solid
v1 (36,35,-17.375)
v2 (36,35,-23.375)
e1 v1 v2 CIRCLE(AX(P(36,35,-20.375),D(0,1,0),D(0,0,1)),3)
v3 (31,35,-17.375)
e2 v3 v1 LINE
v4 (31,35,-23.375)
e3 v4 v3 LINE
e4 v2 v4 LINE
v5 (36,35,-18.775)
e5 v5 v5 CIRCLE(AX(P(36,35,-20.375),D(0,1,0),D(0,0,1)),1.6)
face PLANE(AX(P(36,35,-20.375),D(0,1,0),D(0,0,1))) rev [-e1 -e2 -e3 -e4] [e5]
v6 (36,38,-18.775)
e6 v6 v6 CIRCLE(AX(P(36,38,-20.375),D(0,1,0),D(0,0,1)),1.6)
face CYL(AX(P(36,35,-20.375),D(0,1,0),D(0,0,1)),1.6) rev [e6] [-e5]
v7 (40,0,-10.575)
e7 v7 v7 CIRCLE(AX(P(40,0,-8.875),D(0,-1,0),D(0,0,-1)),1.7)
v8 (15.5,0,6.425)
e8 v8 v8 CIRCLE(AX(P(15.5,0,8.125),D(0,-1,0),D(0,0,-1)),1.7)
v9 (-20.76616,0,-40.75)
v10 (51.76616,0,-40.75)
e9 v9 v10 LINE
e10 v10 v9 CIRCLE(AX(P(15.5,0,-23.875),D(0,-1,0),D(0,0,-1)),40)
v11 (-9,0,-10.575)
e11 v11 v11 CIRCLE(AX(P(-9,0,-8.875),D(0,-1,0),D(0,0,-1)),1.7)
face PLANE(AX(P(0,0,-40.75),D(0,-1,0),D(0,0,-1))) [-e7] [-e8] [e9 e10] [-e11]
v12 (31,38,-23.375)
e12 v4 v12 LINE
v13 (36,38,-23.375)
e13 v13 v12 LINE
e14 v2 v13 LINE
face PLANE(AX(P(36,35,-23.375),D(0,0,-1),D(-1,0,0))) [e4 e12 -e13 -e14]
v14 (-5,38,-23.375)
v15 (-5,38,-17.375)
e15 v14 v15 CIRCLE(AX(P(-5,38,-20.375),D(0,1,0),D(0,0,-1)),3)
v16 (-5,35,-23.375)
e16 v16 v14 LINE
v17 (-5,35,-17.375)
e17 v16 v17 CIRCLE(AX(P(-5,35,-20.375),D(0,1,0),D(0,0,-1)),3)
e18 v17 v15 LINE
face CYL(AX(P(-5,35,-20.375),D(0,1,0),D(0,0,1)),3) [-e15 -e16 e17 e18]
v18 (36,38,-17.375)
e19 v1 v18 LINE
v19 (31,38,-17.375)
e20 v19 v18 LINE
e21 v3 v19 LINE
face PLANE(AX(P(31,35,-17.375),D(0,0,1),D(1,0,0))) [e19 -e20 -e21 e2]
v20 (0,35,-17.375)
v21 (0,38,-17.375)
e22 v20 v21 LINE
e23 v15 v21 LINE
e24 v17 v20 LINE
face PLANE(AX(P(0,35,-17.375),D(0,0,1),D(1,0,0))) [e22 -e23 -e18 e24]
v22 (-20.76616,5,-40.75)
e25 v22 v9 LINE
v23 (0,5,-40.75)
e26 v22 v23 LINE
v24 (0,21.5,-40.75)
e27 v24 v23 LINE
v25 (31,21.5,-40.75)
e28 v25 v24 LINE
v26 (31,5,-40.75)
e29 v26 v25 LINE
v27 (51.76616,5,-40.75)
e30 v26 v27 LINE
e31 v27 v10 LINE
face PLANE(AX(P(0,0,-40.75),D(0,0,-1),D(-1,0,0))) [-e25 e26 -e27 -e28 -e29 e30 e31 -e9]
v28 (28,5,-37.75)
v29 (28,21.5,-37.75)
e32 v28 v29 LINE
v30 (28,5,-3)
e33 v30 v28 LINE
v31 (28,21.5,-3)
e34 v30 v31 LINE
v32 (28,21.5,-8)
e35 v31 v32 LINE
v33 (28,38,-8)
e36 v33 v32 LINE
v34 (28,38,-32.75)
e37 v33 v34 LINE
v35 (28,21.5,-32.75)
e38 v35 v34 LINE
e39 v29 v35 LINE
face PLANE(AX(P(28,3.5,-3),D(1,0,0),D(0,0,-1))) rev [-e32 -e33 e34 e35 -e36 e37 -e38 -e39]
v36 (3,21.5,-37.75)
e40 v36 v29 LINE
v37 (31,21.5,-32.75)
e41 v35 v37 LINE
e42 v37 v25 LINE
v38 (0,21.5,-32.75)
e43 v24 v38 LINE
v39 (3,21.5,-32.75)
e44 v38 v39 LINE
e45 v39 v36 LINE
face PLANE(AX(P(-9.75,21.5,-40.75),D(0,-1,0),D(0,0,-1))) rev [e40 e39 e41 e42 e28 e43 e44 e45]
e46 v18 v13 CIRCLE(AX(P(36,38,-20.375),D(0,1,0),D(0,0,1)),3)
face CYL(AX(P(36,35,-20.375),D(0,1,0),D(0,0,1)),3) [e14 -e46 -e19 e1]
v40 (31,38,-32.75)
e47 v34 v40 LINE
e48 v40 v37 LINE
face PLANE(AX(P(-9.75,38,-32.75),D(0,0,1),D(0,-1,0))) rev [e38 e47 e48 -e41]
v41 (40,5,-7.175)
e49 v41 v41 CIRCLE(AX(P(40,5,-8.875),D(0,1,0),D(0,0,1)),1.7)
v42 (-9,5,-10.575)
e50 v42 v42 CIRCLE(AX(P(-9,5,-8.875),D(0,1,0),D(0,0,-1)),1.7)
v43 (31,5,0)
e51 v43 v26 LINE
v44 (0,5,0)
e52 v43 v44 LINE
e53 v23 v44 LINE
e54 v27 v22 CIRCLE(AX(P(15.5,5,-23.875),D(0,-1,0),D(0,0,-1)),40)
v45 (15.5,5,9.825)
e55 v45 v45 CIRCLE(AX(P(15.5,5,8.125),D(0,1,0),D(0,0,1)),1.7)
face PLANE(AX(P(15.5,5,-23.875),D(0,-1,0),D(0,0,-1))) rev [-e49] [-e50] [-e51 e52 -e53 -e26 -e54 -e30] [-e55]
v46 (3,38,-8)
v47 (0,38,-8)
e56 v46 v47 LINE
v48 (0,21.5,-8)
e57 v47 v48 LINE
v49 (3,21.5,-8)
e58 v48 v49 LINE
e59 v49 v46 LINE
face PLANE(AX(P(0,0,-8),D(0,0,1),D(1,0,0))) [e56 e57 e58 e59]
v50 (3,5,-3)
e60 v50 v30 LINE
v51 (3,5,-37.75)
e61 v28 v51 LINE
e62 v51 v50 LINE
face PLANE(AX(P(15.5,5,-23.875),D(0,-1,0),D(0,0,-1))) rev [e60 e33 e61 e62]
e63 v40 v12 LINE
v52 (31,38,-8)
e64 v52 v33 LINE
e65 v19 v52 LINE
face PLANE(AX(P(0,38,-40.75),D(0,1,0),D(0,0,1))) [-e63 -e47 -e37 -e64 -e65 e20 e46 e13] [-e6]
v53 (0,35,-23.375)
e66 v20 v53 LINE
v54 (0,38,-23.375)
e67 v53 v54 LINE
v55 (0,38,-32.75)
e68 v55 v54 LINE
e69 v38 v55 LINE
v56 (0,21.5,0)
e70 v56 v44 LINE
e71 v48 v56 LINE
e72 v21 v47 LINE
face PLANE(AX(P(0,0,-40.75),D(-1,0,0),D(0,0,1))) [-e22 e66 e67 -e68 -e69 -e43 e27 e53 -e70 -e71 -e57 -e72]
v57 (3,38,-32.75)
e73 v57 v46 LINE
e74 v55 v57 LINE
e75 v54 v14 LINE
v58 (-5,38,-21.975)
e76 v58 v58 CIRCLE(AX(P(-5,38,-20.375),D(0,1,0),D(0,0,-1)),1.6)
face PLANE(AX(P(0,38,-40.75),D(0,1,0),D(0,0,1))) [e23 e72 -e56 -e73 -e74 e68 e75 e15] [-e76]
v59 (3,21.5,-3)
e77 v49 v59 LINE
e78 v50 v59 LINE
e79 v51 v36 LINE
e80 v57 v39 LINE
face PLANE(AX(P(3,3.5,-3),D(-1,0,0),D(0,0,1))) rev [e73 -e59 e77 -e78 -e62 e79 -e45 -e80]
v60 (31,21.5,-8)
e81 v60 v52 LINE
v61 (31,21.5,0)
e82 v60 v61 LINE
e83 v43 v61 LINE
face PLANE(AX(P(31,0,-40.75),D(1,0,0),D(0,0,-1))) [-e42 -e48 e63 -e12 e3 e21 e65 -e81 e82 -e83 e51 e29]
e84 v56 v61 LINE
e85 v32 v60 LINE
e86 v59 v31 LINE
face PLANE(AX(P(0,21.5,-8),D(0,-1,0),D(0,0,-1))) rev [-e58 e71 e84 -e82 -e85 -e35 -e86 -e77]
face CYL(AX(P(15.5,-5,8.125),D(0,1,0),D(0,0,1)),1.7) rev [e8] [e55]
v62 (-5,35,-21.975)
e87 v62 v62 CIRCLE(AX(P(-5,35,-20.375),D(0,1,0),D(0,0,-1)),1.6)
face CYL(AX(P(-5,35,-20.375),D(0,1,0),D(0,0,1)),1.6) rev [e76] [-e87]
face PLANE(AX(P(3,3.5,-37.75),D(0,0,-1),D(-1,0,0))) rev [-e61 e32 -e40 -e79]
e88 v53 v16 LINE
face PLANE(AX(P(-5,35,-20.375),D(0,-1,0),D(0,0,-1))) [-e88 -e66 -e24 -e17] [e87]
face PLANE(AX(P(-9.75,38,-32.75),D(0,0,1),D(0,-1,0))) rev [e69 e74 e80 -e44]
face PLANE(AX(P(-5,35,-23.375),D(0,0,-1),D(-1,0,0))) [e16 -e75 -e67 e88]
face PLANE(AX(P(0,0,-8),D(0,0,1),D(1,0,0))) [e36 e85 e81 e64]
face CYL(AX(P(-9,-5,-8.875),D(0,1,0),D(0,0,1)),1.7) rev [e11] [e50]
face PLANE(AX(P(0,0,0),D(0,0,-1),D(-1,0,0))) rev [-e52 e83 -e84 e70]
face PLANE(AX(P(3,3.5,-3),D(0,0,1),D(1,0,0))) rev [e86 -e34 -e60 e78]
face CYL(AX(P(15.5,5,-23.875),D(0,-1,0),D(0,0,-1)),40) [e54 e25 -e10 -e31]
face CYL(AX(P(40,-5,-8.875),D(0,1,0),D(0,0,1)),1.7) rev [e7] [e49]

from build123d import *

# Parameters (mm, degrees)
SKETCH_1_W          = 31
SKETCH_1_H          = 38
EXTRUDE_1_DEPTH     = 40.75
SKETCH_2_W          = 8
SKETCH_2_H          = 16.5
CUT_EXTRUDE_1_DEPTH = 40.75
SKETCH_3_W          = 25
SKETCH_3_H          = 34.75
CUT_EXTRUDE_2_DEPTH = 34.5
SKETCH_4_R          = 12.5
CUT_EXTRUDE_3_DEPTH = 34.5
SKETCH_5_R          = 1.6
EXTRUDE_2_DEPTH     = 3
EXTRUDE_5_DEPTH     = 5
SKETCH_9_R          = 1.7
CUT_EXTRUDE_4_DEPTH = 10
SKETCH_11_R         = 1.7
CUT_EXTRUDE_5_DEPTH = 10
SKETCH_12_W         = 31
SKETCH_12_H         = 16.5
CUT_EXTRUDE_6_DEPTH = 8


with BuildPart() as part:
    # 草图1 → 凸台-拉伸1 (new body)
    with BuildSketch(Plane.XY):
        with Locations((15.5, 19)):
            Rectangle(SKETCH_1_W, SKETCH_1_H)
    extrude(amount=-EXTRUDE_1_DEPTH)

    # 草图2 → 切除-拉伸1 (cut)
    with BuildSketch(Plane(origin=(31, 0, 0), x_dir=(0, 0, -1), z_dir=(1, 0, 0))):
        with Locations((36.75, 29.75)):
            Rectangle(SKETCH_2_W, SKETCH_2_H)
    extrude(amount=-CUT_EXTRUDE_1_DEPTH, mode=Mode.SUBTRACT)

    # 草图3 → 切除-拉伸2 (cut)
    with BuildSketch(Plane(origin=(0, 38, 0), x_dir=(1, 0, 0), z_dir=(0, 1, 0))):
        with Locations((15.5, 20.375)):
            Rectangle(SKETCH_3_W, SKETCH_3_H)
    extrude(amount=-CUT_EXTRUDE_2_DEPTH, mode=Mode.SUBTRACT)

    # 草图4 → 切除-拉伸3 (cut)
    with BuildSketch(Plane.XY):
        with Locations((15.5, 38)):
            Circle(SKETCH_4_R)
    extrude(amount=-CUT_EXTRUDE_3_DEPTH, mode=Mode.SUBTRACT)

    # 草图5 → 凸台-拉伸2 (add)
    with BuildSketch(Plane(origin=(0, 38, 0), x_dir=(1, 0, 0), z_dir=(0, 1, 0))):
        with BuildLine():
            Line((36, 23.375), (31, 23.375))
            Line((31, 23.375), (31, 17.375))
            Line((31, 17.375), (36, 17.375))
            ThreePointArc((36, 17.375), (39, 20.375), (36, 23.375))
        make_face()
        with Locations((36, 20.375)):
            Circle(SKETCH_5_R, mode=Mode.SUBTRACT)
        with BuildLine():
            Line((0, 23.375), (0, 17.375))
            Line((0, 17.375), (-5, 17.375))
            ThreePointArc((-5, 17.375), (-8, 20.375), (-5, 23.375))
            Line((-5, 23.375), (0, 23.375))
        make_face()
        with Locations((-5, 20.375)):
            Circle(SKETCH_5_R, mode=Mode.SUBTRACT)
    extrude(amount=-EXTRUDE_2_DEPTH)

    # 草图8 → 凸台-拉伸5 (add)
    with BuildSketch(Plane.XZ):
        with BuildLine():
            Line((-20.766160191, -40.75), (51.766160191, -40.75))
            ThreePointArc((51.766160191, -40.75), (15.5, 16.125), (-20.766160191, -40.75))
        make_face()
    extrude(amount=-EXTRUDE_5_DEPTH)

    # 草图9 → 切除-拉伸4 (cut)
    with BuildSketch(Plane(origin=(0, 5, 0), x_dir=(1, 0, 0), z_dir=(0, 1, 0))):
        with Locations((40, 8.875)):
            Circle(SKETCH_9_R)
        with Locations((-9, 8.875)):
            Circle(SKETCH_9_R)
    extrude(amount=-CUT_EXTRUDE_4_DEPTH, mode=Mode.SUBTRACT)

    # 草图11 → 切除-拉伸5 (cut)
    with BuildSketch(Plane(origin=(0, 5, 0), x_dir=(1, 0, 0), z_dir=(0, 1, 0))):
        with Locations((15.5, -8.125)):
            Circle(SKETCH_11_R)
    extrude(amount=-CUT_EXTRUDE_5_DEPTH, mode=Mode.SUBTRACT)

    # 草图12 → 切除-拉伸6 (cut)
    with BuildSketch(Plane.XY):
        with Locations((15.5, 29.75)):
            Rectangle(SKETCH_12_W, SKETCH_12_H)
    extrude(amount=-CUT_EXTRUDE_6_DEPTH, mode=Mode.SUBTRACT)


solid = part.part
